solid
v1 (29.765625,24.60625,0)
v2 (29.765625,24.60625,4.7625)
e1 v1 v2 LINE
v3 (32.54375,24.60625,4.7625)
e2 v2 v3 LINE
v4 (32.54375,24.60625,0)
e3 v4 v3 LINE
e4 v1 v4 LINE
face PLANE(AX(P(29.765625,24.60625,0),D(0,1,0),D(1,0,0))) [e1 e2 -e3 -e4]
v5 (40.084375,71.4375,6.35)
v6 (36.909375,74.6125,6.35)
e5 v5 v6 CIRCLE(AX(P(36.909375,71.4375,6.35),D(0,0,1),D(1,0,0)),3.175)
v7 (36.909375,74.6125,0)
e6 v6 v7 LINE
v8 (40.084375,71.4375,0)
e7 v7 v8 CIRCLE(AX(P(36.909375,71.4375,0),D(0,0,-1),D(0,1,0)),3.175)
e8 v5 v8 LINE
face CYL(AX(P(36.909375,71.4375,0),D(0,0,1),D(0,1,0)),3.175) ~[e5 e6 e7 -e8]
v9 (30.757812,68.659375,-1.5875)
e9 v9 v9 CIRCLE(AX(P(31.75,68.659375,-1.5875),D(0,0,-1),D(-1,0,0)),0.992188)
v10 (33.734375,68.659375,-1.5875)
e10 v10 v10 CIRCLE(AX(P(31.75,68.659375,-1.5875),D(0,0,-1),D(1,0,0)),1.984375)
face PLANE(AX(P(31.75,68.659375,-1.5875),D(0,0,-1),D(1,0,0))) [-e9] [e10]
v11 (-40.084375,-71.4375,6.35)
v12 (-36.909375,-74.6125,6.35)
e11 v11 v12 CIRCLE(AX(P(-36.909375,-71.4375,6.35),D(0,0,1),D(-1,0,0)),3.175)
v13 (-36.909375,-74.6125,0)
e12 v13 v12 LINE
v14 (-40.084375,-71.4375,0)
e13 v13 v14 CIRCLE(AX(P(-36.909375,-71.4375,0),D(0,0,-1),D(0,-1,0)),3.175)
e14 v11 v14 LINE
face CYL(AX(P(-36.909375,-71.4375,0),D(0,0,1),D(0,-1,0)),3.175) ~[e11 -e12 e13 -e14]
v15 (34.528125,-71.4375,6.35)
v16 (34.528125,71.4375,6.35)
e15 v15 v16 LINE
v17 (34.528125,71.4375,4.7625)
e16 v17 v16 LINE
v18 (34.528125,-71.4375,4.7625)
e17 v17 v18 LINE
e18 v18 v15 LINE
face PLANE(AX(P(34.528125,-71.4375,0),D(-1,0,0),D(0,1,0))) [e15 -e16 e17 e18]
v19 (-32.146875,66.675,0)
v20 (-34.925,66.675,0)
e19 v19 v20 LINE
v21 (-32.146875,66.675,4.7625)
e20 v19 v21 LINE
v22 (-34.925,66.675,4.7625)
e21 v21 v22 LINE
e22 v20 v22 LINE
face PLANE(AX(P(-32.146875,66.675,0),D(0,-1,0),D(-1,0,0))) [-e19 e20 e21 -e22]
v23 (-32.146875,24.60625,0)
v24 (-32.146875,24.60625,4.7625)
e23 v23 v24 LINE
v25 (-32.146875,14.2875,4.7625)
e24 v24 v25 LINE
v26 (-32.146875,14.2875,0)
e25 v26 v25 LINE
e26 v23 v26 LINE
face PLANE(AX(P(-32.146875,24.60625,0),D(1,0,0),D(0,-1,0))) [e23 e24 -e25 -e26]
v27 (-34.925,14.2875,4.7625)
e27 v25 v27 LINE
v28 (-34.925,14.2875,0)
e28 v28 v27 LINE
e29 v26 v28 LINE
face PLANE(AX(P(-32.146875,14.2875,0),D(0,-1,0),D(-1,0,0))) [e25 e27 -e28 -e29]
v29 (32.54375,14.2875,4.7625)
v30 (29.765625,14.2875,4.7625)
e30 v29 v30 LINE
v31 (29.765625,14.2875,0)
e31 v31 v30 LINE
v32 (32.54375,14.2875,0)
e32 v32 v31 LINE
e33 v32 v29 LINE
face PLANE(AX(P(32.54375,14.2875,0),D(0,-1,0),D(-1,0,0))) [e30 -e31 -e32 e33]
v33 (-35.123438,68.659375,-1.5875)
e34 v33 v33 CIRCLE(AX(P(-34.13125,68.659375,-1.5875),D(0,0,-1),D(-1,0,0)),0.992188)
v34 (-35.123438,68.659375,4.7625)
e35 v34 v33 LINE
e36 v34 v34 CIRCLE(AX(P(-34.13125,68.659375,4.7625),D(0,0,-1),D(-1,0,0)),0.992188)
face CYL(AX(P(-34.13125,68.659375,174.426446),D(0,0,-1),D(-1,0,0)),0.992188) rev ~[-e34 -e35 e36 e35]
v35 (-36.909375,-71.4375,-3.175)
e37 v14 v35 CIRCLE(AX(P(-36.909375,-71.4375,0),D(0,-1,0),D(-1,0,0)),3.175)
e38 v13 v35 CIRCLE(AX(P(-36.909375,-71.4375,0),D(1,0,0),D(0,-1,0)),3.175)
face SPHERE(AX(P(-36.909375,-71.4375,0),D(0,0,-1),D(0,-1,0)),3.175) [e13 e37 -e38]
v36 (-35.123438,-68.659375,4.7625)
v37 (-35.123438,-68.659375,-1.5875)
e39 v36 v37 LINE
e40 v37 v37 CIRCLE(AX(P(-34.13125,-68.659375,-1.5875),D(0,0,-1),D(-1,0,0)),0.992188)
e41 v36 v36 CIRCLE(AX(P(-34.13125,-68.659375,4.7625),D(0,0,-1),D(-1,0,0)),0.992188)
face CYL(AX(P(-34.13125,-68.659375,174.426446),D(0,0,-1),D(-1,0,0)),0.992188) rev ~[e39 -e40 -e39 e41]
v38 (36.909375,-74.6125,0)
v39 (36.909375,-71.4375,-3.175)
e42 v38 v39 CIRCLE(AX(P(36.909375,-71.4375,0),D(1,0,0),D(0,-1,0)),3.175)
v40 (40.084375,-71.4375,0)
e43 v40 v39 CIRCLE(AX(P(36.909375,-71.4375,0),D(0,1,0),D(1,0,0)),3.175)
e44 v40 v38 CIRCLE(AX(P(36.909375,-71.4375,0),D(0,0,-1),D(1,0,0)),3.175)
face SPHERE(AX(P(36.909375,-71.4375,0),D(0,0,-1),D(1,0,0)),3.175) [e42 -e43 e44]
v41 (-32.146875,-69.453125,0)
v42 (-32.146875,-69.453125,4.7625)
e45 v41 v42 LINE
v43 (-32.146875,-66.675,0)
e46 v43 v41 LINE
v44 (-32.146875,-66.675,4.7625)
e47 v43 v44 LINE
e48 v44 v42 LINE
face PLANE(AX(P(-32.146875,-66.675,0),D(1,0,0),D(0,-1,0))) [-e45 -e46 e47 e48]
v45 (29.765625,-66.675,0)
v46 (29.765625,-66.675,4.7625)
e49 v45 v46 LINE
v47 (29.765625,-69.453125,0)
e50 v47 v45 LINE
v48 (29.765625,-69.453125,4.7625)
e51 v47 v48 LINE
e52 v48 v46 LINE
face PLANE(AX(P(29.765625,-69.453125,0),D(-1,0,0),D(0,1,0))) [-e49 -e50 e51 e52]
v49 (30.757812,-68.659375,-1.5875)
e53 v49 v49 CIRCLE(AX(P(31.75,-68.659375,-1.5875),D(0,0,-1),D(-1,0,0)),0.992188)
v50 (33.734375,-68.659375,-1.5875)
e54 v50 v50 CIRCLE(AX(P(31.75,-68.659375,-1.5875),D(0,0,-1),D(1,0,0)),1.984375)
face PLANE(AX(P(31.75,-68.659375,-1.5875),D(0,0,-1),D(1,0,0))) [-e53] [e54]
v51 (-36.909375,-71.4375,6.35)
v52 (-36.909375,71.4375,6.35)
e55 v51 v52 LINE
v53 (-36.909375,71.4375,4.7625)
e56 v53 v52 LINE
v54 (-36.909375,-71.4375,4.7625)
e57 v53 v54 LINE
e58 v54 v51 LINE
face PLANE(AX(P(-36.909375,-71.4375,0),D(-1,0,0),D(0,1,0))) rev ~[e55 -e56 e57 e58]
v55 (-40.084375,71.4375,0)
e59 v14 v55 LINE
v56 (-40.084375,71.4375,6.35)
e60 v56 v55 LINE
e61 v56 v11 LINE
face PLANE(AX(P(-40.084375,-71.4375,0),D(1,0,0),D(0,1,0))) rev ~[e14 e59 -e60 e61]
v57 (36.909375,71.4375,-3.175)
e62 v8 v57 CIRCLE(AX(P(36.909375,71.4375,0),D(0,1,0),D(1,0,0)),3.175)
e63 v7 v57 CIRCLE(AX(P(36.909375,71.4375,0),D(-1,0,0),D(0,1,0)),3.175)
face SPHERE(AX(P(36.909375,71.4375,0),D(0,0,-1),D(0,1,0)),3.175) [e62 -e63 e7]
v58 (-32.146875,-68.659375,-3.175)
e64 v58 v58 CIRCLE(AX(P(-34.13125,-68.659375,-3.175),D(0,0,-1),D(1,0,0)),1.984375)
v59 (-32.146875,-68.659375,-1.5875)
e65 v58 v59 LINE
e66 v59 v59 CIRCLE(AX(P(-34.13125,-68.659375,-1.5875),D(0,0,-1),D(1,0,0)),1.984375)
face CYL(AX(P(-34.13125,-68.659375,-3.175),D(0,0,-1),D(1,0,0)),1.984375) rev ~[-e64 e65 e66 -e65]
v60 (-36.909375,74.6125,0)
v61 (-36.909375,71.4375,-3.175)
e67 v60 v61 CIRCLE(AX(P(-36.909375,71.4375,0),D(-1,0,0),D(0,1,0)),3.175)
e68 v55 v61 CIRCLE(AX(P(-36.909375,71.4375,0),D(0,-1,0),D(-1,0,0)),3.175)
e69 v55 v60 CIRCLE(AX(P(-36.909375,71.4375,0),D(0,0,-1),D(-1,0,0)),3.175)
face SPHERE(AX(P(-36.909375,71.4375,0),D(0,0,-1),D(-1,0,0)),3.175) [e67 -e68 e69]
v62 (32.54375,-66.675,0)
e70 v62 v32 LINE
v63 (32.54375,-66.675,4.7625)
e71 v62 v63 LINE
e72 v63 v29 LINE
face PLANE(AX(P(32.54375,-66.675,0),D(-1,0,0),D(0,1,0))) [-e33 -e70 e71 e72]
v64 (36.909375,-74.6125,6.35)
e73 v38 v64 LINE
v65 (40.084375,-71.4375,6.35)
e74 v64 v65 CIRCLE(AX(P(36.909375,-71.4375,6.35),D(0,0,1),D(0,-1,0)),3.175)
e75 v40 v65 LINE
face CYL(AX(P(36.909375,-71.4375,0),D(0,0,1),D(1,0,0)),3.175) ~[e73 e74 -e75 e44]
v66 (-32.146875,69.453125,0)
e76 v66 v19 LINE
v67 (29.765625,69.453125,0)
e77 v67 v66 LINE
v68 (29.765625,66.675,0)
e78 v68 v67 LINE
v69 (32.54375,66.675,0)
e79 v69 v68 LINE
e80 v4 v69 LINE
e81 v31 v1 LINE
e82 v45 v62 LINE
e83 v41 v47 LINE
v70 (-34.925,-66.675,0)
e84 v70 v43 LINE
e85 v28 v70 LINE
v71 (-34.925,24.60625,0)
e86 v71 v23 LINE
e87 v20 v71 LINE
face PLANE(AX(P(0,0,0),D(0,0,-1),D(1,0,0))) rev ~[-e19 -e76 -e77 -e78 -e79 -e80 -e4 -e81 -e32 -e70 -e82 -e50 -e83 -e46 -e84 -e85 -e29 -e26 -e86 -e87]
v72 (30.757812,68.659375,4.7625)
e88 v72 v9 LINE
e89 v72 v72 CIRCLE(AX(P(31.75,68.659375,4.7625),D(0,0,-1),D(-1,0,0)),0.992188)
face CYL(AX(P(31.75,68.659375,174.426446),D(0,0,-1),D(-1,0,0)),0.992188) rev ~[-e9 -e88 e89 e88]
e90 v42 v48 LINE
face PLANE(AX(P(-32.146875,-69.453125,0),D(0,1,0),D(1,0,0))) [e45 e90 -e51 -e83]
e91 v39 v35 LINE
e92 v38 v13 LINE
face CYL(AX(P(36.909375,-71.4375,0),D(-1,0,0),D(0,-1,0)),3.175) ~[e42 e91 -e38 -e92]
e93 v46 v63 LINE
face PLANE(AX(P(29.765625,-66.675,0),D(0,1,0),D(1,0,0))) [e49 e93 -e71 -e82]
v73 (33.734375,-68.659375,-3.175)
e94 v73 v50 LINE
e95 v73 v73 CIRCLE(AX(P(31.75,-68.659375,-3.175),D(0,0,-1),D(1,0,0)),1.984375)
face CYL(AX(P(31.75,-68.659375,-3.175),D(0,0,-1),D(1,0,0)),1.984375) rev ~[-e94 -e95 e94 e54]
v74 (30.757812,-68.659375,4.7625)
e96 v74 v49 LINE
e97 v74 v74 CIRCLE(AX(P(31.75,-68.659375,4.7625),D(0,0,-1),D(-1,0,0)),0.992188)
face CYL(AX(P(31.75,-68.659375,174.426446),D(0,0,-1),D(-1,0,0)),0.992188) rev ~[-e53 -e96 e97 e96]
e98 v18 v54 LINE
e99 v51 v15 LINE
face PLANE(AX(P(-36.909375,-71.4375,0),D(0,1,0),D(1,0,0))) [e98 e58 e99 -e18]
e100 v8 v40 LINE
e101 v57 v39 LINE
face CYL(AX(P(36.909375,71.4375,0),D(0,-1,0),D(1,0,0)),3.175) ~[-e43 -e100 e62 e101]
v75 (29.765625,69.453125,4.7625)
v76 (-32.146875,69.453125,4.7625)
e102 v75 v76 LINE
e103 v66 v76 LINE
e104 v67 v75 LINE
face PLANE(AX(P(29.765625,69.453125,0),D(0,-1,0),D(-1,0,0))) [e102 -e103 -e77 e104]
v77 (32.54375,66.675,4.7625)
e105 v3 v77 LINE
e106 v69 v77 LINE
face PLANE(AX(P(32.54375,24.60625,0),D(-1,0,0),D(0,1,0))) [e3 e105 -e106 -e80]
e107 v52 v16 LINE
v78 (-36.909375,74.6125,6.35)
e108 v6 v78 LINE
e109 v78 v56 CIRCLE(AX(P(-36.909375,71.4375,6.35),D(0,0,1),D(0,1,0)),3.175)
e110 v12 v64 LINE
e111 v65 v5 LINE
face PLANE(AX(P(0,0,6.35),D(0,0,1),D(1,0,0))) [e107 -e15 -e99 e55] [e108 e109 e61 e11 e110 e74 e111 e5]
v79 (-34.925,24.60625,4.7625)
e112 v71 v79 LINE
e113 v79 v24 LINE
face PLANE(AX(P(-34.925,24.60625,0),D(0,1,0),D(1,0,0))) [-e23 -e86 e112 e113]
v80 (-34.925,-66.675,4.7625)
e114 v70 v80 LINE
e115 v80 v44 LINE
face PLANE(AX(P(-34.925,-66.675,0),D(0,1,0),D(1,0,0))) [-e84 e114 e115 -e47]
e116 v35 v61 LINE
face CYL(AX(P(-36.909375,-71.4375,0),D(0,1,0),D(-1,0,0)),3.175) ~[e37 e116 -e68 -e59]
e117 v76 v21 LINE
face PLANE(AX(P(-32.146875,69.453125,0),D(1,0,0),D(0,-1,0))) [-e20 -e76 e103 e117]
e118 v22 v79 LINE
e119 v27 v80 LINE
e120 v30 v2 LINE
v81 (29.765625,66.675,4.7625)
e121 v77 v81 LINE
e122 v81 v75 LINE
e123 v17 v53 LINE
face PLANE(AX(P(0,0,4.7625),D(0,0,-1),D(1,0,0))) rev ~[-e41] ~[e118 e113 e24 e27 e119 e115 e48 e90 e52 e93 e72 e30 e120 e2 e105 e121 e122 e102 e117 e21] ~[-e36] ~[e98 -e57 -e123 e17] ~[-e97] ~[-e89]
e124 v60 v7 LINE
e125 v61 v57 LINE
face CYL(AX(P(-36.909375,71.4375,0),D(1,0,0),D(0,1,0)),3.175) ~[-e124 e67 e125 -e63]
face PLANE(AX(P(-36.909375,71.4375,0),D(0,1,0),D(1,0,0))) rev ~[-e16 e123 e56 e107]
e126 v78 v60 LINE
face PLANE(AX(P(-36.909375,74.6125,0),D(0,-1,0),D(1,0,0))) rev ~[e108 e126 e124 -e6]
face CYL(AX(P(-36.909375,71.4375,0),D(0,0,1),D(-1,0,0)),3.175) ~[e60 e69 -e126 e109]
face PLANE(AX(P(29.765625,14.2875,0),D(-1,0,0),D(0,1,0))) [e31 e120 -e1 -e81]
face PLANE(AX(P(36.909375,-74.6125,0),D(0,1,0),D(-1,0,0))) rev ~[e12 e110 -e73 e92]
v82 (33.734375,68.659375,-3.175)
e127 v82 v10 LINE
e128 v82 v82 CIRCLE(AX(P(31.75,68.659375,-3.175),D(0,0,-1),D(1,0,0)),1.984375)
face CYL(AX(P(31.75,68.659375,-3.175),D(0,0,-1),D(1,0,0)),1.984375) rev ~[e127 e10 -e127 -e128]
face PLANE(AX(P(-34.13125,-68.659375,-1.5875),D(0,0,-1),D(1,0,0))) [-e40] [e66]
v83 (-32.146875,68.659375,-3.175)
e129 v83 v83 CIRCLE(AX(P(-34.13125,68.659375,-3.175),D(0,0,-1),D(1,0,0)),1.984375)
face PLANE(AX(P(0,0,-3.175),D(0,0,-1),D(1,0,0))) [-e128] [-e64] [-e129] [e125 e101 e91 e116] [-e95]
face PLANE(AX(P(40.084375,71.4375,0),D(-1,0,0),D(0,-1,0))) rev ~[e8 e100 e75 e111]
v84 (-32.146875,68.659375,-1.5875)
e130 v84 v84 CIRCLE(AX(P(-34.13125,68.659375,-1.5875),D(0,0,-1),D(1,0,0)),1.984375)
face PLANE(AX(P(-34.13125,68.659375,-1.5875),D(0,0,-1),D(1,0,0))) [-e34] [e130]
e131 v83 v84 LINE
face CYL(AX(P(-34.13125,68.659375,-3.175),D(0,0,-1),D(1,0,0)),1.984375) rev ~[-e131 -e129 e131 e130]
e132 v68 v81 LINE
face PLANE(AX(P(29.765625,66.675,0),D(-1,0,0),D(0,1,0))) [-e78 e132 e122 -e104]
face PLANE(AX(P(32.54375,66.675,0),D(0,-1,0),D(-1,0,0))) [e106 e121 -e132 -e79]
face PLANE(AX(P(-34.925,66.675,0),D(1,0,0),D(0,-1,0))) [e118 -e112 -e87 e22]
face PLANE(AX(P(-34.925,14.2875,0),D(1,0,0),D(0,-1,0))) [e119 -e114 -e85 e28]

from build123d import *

# Parameters (mm, degrees)
F0_W      = 71.4375
F0_H      = 142.875
F1_DEPTH  = 6.35
F3_DEPTH  = 4.7625
F5_DEPTH  = 3.175
F6_R      = 3.175
F8_D      = 1.984375
F9_R      = 1.984375
F9_R_2    = 0.9921875
F10_DEPTH = 1.5875


with BuildPart() as f1:
    # F0 (on Top) → F1 (new body)
    with BuildSketch(Plane.XY):
        with BuildLine():
            Line((-40.084375, 71.4375), (-40.084375, 0))
            Line((-40.084375, 0), (-40.084375, -71.4375))
            ThreePointArc((-40.084375, -71.4375), (-39.1544390303, -73.6825640303), (-36.909375, -74.6125))
            Line((-36.909375, -74.6125), (36.909375, -74.6125))
            ThreePointArc((36.909375, -74.6125), (39.1544390303, -73.6825640303), (40.084375, -71.4375))
            Line((40.084375, -71.4375), (40.084375, 71.4375))
            ThreePointArc((40.084375, 71.4375), (39.1544390303, 73.6825640303), (36.909375, 74.6125))
            Line((36.909375, 74.6125), (-36.909375, 74.6125))
            ThreePointArc((-36.909375, 74.6125), (-39.1544390303, 73.6825640303), (-40.084375, 71.4375))
        make_face()
        with Locations((-1.190625, 0)):
            Rectangle(F0_W, F0_H, mode=Mode.SUBTRACT)
    extrude(amount=F1_DEPTH)

    # F2 (on face) → F3 (join)
    with BuildSketch(Plane(origin=(0, 0, 0), x_dir=(1, 0, 0), z_dir=(0, 0, -1))):
        with BuildLine():
            Line((-40.084375, 71.4375), (-40.084375, -71.4375))
            ThreePointArc((-40.084375, -71.4375), (-39.1544390303, -73.6825640303), (-36.909375, -74.6125))
            Line((-36.909375, -74.6125), (36.909375, -74.6125))
            ThreePointArc((36.909375, -74.6125), (39.1544390303, -73.6825640303), (40.084375, -71.4375))
            Line((40.084375, -71.4375), (40.084375, 71.4375))
            ThreePointArc((40.084375, 71.4375), (39.1544390303, 73.6825640303), (36.909375, 74.6125))
            Line((36.909375, 74.6125), (-36.909375, 74.6125))
            ThreePointArc((-36.909375, 74.6125), (-39.1544390303, 73.6825640303), (-40.084375, 71.4375))
        make_face()
        Polygon((-36.909375, -19.84375), (-36.909375, 71.4375), (34.528125, 71.4375), (34.528125, -19.84375), (34.528125, -71.4375), (-36.909375, -71.4375), align=None, mode=Mode.SUBTRACT)
        Polygon((34.528125, 71.4375), (-36.909375, 71.4375), (-36.909375, -19.84375), (-32.146875, -19.84375), (-32.146875, -14.2875), (-34.925, -14.2875), (-34.925, 15.08125), (-34.925, 24.60625), (-34.925, 66.675), (-32.146875, 66.675), (-32.146875, 69.453125), (29.765625, 69.453125), (29.765625, 66.675), (32.54375, 66.675), (32.54375, 24.60625), (32.54375, 15.08125), (32.54375, -14.2875), (29.765625, -14.2875), (29.765625, -19.84375), (34.528125, -19.84375), align=None)
        Polygon((-32.146875, -19.84375), (-36.909375, -19.84375), (-36.909375, -71.4375), (34.528125, -71.4375), (34.528125, -19.84375), (29.765625, -19.84375), (29.765625, -24.60625), (32.54375, -24.60625), (32.54375, -66.675), (29.765625, -66.675), (29.765625, -69.453125), (-32.146875, -69.453125), (-32.146875, -66.675), (-34.925, -66.675), (-34.925, -24.60625), (-32.146875, -24.60625), align=None)
    extrude(amount=-F3_DEPTH)

    # F4 (on face) → F5 (join)
    with BuildSketch(Plane(origin=(0, 0, 0), x_dir=(1, 0, 0), z_dir=(0, 0, -1))):
        with BuildLine():
            ThreePointArc((-36.909375, 74.6125), (-39.1544390303, 73.6825640303), (-40.084375, 71.4375))
            Line((-40.084375, 71.4375), (-40.084375, -71.4375))
            ThreePointArc((-40.084375, -71.4375), (-39.1544390303, -73.6825640303), (-36.909375, -74.6125))
            Line((-36.909375, -74.6125), (36.909375, -74.6125))
            ThreePointArc((36.909375, -74.6125), (39.1544390303, -73.6825640303), (40.084375, -71.4375))
            Line((40.084375, -71.4375), (40.084375, 71.4375))
            ThreePointArc((40.084375, 71.4375), (39.1544390303, 73.6825640303), (36.909375, 74.6125))
            Line((36.909375, 74.6125), (-36.909375, 74.6125))
        make_face()
        Polygon((29.765625, 66.675), (32.54375, 66.675), (32.54375, -14.2875), (29.765625, -14.2875), (29.765625, -24.60625), (32.54375, -24.60625), (32.54375, -66.675), (29.765625, -66.675), (29.765625, -69.453125), (-32.146875, -69.453125), (-32.146875, -66.675), (-34.925, -66.675), (-34.925, -24.60625), (-32.146875, -24.60625), (-32.146875, -14.2875), (-34.925, -14.2875), (-34.925, 66.675), (-32.146875, 66.675), (-32.146875, 69.453125), (29.765625, 69.453125), align=None, mode=Mode.SUBTRACT)
        Polygon((32.54375, -14.2875), (32.54375, 66.675), (29.765625, 66.675), (29.765625, 69.453125), (-32.146875, 69.453125), (-32.146875, 66.675), (-34.925, 66.675), (-34.925, -14.2875), (-32.146875, -14.2875), (-32.146875, -24.60625), (-34.925, -24.60625), (-34.925, -66.675), (-32.146875, -66.675), (-32.146875, -69.453125), (29.765625, -69.453125), (29.765625, -66.675), (32.54375, -66.675), (32.54375, -24.60625), (29.765625, -24.60625), (29.765625, -14.2875), align=None)
    extrude(amount=F5_DEPTH)

    # F6
    f6_edges = [f1.edges().sort_by_distance(p)[0] for p in [
        (-40.084375, 0, -3.175),
    ]]
    fillet(f6_edges, radius=F6_R)

    # F8 (through all)
    with Locations(Plane.XY.offset(4.7625)):
        with Locations((-34.13125, -68.659375), (31.75, -68.659375), (31.75, 68.659375), (-34.13125, 68.659375)):
            Hole(F8_D / 2)

    # F9 (on face) → F10 (cut)
    with BuildSketch(Plane(origin=(0, 0, -3.175), x_dir=(1, 0, 0), z_dir=(0, 0, -1))):
        with Locations((-34.13125, 68.659375)):
            Circle(F9_R)
        with Locations((-34.13125, 68.659375)):
            Circle(F9_R_2, mode=Mode.SUBTRACT)
        with Locations((31.75, 68.659375)):
            Circle(F9_R)
        with Locations((31.75, 68.659375)):
            Circle(F9_R_2, mode=Mode.SUBTRACT)
        with Locations((-34.13125, -68.659375)):
            Circle(F9_R)
        with Locations((-34.13125, -68.659375)):
            Circle(F9_R_2, mode=Mode.SUBTRACT)
        with Locations((31.75, -68.659375)):
            Circle(F9_R)
        with Locations((31.75, -68.659375)):
            Circle(F9_R_2, mode=Mode.SUBTRACT)
    extrude(amount=-F10_DEPTH, mode=Mode.SUBTRACT)


solid = f1.part
